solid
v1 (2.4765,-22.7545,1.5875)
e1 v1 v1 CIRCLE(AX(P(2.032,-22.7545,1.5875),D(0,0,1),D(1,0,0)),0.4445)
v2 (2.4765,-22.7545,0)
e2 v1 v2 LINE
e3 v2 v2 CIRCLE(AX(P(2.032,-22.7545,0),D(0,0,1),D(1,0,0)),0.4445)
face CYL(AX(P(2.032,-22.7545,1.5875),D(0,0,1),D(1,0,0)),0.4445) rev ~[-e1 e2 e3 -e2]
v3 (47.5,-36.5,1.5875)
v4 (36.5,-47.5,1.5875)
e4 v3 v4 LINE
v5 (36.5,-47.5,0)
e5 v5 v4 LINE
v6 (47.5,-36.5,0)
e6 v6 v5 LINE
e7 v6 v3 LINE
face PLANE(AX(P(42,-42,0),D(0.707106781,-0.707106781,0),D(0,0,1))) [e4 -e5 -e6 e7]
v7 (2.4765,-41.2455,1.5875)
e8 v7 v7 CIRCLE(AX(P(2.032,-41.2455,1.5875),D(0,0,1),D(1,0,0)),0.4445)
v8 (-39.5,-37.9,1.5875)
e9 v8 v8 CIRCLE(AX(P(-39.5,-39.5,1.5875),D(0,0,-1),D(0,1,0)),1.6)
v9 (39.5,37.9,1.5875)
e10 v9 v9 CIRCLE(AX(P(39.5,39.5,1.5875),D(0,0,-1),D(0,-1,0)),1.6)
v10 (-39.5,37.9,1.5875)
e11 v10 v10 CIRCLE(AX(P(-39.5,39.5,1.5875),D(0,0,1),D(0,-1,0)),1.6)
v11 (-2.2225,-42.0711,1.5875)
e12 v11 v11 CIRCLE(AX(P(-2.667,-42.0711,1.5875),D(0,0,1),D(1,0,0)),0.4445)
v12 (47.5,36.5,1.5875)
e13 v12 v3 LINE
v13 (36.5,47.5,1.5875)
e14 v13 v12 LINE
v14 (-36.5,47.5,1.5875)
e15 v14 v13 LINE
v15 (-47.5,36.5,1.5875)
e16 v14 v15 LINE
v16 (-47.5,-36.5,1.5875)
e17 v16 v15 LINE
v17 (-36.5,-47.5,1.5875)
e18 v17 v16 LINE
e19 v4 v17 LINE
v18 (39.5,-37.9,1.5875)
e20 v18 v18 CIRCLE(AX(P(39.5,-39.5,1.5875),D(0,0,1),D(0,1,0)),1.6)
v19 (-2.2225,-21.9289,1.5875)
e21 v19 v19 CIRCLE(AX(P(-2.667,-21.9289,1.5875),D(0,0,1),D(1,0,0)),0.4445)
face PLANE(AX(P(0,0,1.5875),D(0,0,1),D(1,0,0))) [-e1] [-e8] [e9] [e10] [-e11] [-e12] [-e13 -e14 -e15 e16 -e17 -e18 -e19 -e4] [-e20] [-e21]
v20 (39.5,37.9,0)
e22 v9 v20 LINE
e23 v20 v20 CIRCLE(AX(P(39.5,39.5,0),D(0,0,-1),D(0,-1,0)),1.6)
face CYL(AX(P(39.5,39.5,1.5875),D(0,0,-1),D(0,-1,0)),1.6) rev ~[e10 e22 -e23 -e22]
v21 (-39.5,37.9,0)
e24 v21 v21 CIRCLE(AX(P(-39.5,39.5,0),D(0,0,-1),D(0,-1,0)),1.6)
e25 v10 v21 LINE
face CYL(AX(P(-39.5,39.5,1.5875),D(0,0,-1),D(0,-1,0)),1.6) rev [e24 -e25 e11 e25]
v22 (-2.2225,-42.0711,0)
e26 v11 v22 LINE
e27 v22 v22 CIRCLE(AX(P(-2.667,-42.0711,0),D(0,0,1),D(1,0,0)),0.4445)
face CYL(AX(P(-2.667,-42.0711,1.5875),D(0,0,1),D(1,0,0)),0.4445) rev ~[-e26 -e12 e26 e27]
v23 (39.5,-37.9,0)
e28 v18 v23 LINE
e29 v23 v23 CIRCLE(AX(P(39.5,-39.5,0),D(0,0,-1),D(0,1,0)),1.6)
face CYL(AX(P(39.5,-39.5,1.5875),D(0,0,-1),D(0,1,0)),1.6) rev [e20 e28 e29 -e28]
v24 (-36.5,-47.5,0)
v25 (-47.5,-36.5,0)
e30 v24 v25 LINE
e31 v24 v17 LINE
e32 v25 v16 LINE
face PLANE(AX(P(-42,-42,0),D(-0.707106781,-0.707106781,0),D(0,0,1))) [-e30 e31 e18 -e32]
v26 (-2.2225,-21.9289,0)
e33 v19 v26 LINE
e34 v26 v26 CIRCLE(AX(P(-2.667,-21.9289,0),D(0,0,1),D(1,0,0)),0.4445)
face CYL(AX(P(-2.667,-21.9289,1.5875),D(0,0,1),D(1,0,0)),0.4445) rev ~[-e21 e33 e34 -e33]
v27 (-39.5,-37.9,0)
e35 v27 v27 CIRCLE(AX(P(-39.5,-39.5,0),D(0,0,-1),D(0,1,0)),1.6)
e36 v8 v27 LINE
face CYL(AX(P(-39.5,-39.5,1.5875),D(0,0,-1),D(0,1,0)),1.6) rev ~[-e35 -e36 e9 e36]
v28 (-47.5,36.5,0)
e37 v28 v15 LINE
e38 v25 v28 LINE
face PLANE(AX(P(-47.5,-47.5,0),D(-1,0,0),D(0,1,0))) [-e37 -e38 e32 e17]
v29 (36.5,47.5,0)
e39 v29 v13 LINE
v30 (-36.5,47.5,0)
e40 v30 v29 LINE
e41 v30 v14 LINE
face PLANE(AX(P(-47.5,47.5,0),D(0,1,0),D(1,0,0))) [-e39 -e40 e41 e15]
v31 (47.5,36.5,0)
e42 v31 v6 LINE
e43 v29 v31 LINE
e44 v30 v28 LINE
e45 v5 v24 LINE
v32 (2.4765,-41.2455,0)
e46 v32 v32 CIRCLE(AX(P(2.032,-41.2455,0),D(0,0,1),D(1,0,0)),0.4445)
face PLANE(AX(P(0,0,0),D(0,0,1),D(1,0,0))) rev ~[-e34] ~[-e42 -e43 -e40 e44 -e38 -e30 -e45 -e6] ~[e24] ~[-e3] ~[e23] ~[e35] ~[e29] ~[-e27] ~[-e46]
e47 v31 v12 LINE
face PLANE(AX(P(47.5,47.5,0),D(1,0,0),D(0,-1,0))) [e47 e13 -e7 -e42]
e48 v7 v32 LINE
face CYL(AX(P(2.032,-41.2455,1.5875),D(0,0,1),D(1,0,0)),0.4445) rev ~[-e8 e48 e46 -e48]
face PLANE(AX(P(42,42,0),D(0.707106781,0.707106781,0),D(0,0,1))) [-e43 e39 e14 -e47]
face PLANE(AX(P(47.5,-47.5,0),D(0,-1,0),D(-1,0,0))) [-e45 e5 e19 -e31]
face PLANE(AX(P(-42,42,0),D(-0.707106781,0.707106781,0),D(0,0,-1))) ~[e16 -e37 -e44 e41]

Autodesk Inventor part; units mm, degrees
sketch "AL_spacer_contact_Zminus" plane through (0, 0, 0) normal (0, 0, 1) x (1, 0, 0)
  circle A0 centre (39.5, 39.5) radius 3.175
  circle A1 centre (39.5, -39.5) radius 3.175
  circle A2 centre (-39.5, -39.5) radius 3.175
  circle A3 centre (-39.5, 39.5) radius 3.175
  point P0 (0, 0)
  dimension "d0" = 95
  dimension "d228" = 39.5
  dimension "d229" = 39.5
  dimension "d230" = 39.5
  dimension "d231" = 39.5
  dimension "d232" = 39.5
  dimension "d233" = 39.5
  dimension "d234" = 39.5
  dimension "d235" = 39.5
  dimension "d236" = 6.35
sketch "Delrin_stayout_Zminus" plane through (0, 0, 0) normal (0, 0, 1) x (1, 0, 0)
  line L0 (47.5, 39.5) -> (47.5, 31)
  line L1 (47.5, 31) -> (39.5, 31)
  line L2 (39.5, 31) -> (31, 39.5)
  line L3 (31, 39.5) -> (31, 47.5)
  line L4 (31, 47.5) -> (39.5, 47.5)
  line L5 (39.5, 47.5) -> (47.5, 39.5)
  line L6 (-39.5, 47.5) -> (-47.5, 39.5)
  line L7 (-47.5, 39.5) -> (-47.5, 31)
  line L8 (-47.5, 31) -> (-39.5, 31)
  line L9 (-39.5, 31) -> (-31, 39.5)
  line L10 (-31, 39.5) -> (-31, 47.5)
  line L11 (-31, 47.5) -> (-39.5, 47.5)
  line L12 (47.5, -39.5) -> (39.5, -47.5)
  line L13 (39.5, -47.5) -> (31, -47.5)
  line L14 (31, -47.5) -> (31, -39.5)
  line L15 (31, -39.5) -> (39.5, -31)
  line L16 (39.5, -31) -> (47.5, -31)
  line L17 (47.5, -31) -> (47.5, -39.5)
  line L18 (-39.5, -47.5) -> (-47.5, -39.5)
  line L19 (-47.5, -39.5) -> (-47.5, -31)
  line L20 (-47.5, -31) -> (-39.5, -31)
  line L21 (-39.5, -31) -> (-31, -39.5)
  line L22 (-31, -39.5) -> (-31, -47.5)
  line L23 (-31, -47.5) -> (-39.5, -47.5)
  point P0 (0, 0)
  dimension "d243" = 16.5
  dimension "d244" = 8
  dimension "d245" = 8.5
  dimension "d246" = 16.5
  dimension "d247" = 47.5
  dimension "d248" = 47.5
  dimension "d249" = 47.5
  dimension "d250" = 47.5
  dimension "d251" = 47.5
  dimension "d252" = 47.5
  dimension "d253" = 47.5
  dimension "d254" = 47.5
sketch "Nub_stayout_Zminus" plane through (0, 0, 0) normal (0, 0, 1) x (1, 0, 0)
  line L0 (29, 47.5) -> (39.5, 47.5)
  line L1 (39.5, 47.5) -> (47.5, 39.5)
  line L2 (47.5, 39.5) -> (47.5, 29)
  line L3 (47.5, 29) -> (42, 29)
  line L4 (42, 29) -> (42, 40.4125)
  line L5 (40.4125, 42) -> (29, 42)
  line L6 (29, 42) -> (29, 47.5)
  arc A0 (42, 40.4125) -> (40.4125, 42) centre (40.4125, 40.4125) ccw
  line L7 (-29, 47.5) -> (-39.5, 47.5)
  line L8 (-39.5, 47.5) -> (-47.5, 39.5)
  line L9 (-47.5, 39.5) -> (-47.5, 29)
  line L10 (-47.5, 29) -> (-42, 29)
  line L11 (-42, 29) -> (-42, 40.4125)
  line L12 (-40.4125, 42) -> (-29, 42)
  line L13 (-29, 42) -> (-29, 47.5)
  arc A1 (-40.4125, 42) -> (-42, 40.4125) centre (-40.4125, 40.4125) ccw
  line L14 (-47.5, -29) -> (-42, -29)
  line L15 (-42, -29) -> (-42, -40.4125)
  line L16 (-40.4125, -42) -> (-29, -42)
  line L17 (-29, -42) -> (-29, -47.5)
  line L18 (-29, -47.5) -> (-39.5, -47.5)
  line L19 (-39.5, -47.5) -> (-47.5, -39.5)
  line L20 (-47.5, -39.5) -> (-47.5, -29)
  arc A2 (-42, -40.4125) -> (-40.4125, -42) centre (-40.4125, -40.4125) ccw
  line L21 (47.5, -29) -> (42, -29)
  line L22 (42, -29) -> (42, -40.4125)
  line L23 (40.4125, -42) -> (29, -42)
  line L24 (29, -42) -> (29, -47.5)
  line L25 (29, -47.5) -> (39.5, -47.5)
  line L26 (39.5, -47.5) -> (47.5, -39.5)
  line L27 (47.5, -39.5) -> (47.5, -29)
  arc A3 (40.4125, -42) -> (42, -40.4125) centre (40.4125, -40.4125) ccw
  point P0 (0, 0)
  dimension "d0" = 95
  dimension "d255" = 1.5875
  dimension "d256" = 18.5
  dimension "d257" = 8
  dimension "d258" = 5.5
  dimension "d259" = 47.5
  dimension "d260" = 47.5
  dimension "d264" = 1.5875
  dimension "d265" = 47.5
  dimension "d266" = 47.5
  dimension "d267" = 1.5875
  dimension "d268" = 47.5
  dimension "d269" = 47.5
  dimension "d270" = 1.5875
  dimension "d271" = 47.5
  dimension "d272" = 47.5
ref_plane "Zplus_face" through (0, 0, 1.5875) normal (0, 0, 1) x (1, 0, 0)
sketch "AL_spacer_contact_Zplus" plane through (0, 0, 1.5875) normal (0, 0, 1) x (1, 0, 0)
  circle A0 centre (-39.5, 39.5) radius 3.175
  circle A1 centre (-39.5, -39.5) radius 3.175
  circle A2 centre (39.5, -39.5) radius 3.175
  circle A3 centre (39.5, 39.5) radius 3.175
  point P0 (0, 0)
  dimension "d0" = 95
  dimension "d129" = 39.5
  dimension "d130" = 39.5
  dimension "d131" = 39.5
  dimension "d132" = 39.5
  dimension "d133" = 6.35
sketch "Delrin_stayout_Zplus" plane through (0, 0, 1.5875) normal (0, 0, 1) x (1, 0, 0)
  line L0 (47.5, -31) -> (47.5, -39.5)
  line L1 (47.5, -39.5) -> (39.5, -47.5)
  line L2 (39.5, -47.5) -> (31, -47.5)
  line L3 (31, -47.5) -> (31, -39.5)
  line L4 (31, -39.5) -> (39.5, -31)
  line L5 (39.5, -31) -> (47.5, -31)
  line L6 (47.5, 31) -> (47.5, 39.5)
  line L7 (47.5, 39.5) -> (39.5, 47.5)
  line L8 (39.5, 47.5) -> (31, 47.5)
  line L9 (31, 47.5) -> (31, 39.5)
  line L10 (31, 39.5) -> (39.5, 31)
  line L11 (39.5, 31) -> (47.5, 31)
  line L12 (-39.5, 47.5) -> (-47.5, 39.5)
  line L13 (-47.5, 39.5) -> (-47.5, 31)
  line L14 (-47.5, 31) -> (-39.5, 31)
  line L15 (-39.5, 31) -> (-31, 39.5)
  line L16 (-31, 39.5) -> (-31, 47.5)
  line L17 (-31, 47.5) -> (-39.5, 47.5)
  line L18 (-47.5, -39.5) -> (-39.5, -47.5)
  line L19 (-39.5, -47.5) -> (-31, -47.5)
  line L20 (-31, -47.5) -> (-31, -39.5)
  line L21 (-31, -39.5) -> (-39.5, -31)
  line L22 (-39.5, -31) -> (-47.5, -31)
  line L23 (-47.5, -31) -> (-47.5, -39.5)
  point P0 (0, 0)
  dimension "d115" = 16.5
  dimension "d116" = 16.5
  dimension "d117" = 8
  dimension "d118" = 8.5
  dimension "d121" = 47.5
  dimension "d122" = 47.5
  dimension "d123" = 47.5
  dimension "d124" = 47.5
  dimension "d125" = 47.5
  dimension "d126" = 47.5
  dimension "d127" = 47.5
  dimension "d128" = 47.5
sketch "Nub_stayout_Zplus" plane through (0, 0, 1.5875) normal (0, 0, 1) x (1, 0, 0)
  line L0 (47.5, 29) -> (42, 29)
  line L1 (42, 29) -> (42, 40.4125)
  line L2 (40.4125, 42) -> (29, 42)
  line L3 (29, 42) -> (29, 47.5)
  arc A0 (42, 40.4125) -> (40.4125, 42) centre (40.4125, 40.4125) ccw
  line L4 (29, 47.5) -> (39.5, 47.5)
  line L5 (39.5, 47.5) -> (47.5, 39.5)
  line L6 (47.5, 39.5) -> (47.5, 29)
  line L7 (-39.5, 47.5) -> (-29, 47.5)
  line L8 (-29, 47.5) -> (-29, 42)
  line L9 (-29, 42) -> (-40.4125, 42)
  line L10 (-42, 40.4125) -> (-42, 29)
  line L11 (-42, 29) -> (-47.5, 29)
  line L12 (-47.5, 29) -> (-47.5, 39.5)
  line L13 (-47.5, 39.5) -> (-39.5, 47.5)
  arc A1 (-40.4125, 42) -> (-42, 40.4125) centre (-40.4125, 40.4125) ccw
  line L14 (-47.5, -29) -> (-47.5, -39.5)
  line L15 (-47.5, -39.5) -> (-39.5, -47.5)
  line L16 (-39.5, -47.5) -> (-29, -47.5)
  line L17 (-29, -47.5) -> (-29, -42)
  line L18 (-29, -42) -> (-40.4125, -42)
  line L19 (-42, -40.4125) -> (-42, -29)
  line L20 (-42, -29) -> (-47.5, -29)
  arc A2 (-42, -40.4125) -> (-40.4125, -42) centre (-40.4125, -40.4125) ccw
  line L21 (29, -47.5) -> (39.5, -47.5)
  line L22 (39.5, -47.5) -> (47.5, -39.5)
  line L23 (47.5, -39.5) -> (47.5, -29)
  line L24 (47.5, -29) -> (42, -29)
  line L25 (42, -29) -> (42, -40.4125)
  line L26 (40.4125, -42) -> (29, -42)
  line L27 (29, -42) -> (29, -47.5)
  arc A3 (40.4125, -42) -> (42, -40.4125) centre (40.4125, -40.4125) ccw
  point P0 (0, 0)
  dimension "d0" = 95
  dimension "d146" = 1.5875
  dimension "d147" = 5.5
  dimension "d149" = 18.5
  dimension "d150" = 8
  dimension "d151" = 47.5
  dimension "d152" = 47.5
  dimension "d153" = 1.5875
  dimension "d154" = 47.5
  dimension "d155" = 47.5
  dimension "d156" = 1.5875
  dimension "d157" = 47.5
  dimension "d158" = 47.5
  dimension "d159" = 1.5875
  dimension "d160" = 47.5
  dimension "d161" = 47.5
sketch "Sketch1" plane through (0, 0, 0) normal (0, 0, 1) x (1, 0, 0)
  line L0 (-47.5, 47.5) -> (47.5, 47.5)
  line L1 (47.5, 47.5) -> (47.5, -47.5)
  line L2 (47.5, -47.5) -> (-47.5, -47.5)
  line L3 (-47.5, -47.5) -> (-47.5, 47.5)
  point P0 (0, 0)
  dimension "d0" = 95
  dimension "d1" = 95
  dimension "d2" = 47.5
  dimension "d3" = 47.5
extrude "Extrusion1" add sketch "Sketch1" along normal blind 1.5875
chamfer "Chamfer2" distance 11 angle 45 4 edges at (-47.5, -47.5, 0.7937) (47.5, -47.5, 0.7937) (47.5, 47.5, 0.7937) (-47.5, 47.5, 0.7937)
ref_plane "Work Plane_ConnX" through (-32, 0, 0) normal (1, 0, 0) x (0, 1, 0)
ref_plane "Work Plane_ConnY" through (0, 0, 0) normal (0, 1, 0) x (-1, 0, 0)
sketch "Sketch9" plane through (0, 0, 1.5875) normal (0, 0, 1) x (1, 0, 0)
  line L0 (47.5, 47.5) -> (47.5, -47.5) projected
  line L1 (58.5598, -32) -> (-58.5598, -32)
  circle A0 centre (-2.667, -21.9289) radius 0.4445
  circle A1 centre (-2.667, -42.0711) radius 0.4445
  line L2 (0, 26.5598) -> (0, -90.5598) construction
  point P0 (0, 0)
  point P1 (0, -32)
  dimension "d134" = 20.1422
  dimension "d136" = 2.667
  dimension "d138" = 0.889
  dimension "d141" = 180
  dimension "d350" = 32
  dimension "d351" = 0
extrude "Holes_Conn_Zminus" cut sketch "Sketch9" against normal through all
sketch "Sketch22" plane through (0, 0, 1.5875) normal (0, 0, 1) x (1, 0, 0)
  line L0 (47.5, 36.5) -> (47.5, -36.5) projected
  line L1 (0, -1.0026) -> (0, -62.9974) construction
  line L2 (62.8115, -32) -> (-62.8115, -32)
  circle A0 centre (2.032, -22.7545) radius 0.4445
  circle A1 centre (2.032, -41.2455) radius 0.4445
  point P0 (0, 0)
  point P1 (0, -32)
  dimension "d282" = 180
  dimension "d283" = 18.491
  dimension "d284" = 0.889
  dimension "d285" = 2.032
  dimension "d352" = 32
  dimension "d353" = 0
extrude "Holes_Conn_Zplus" cut sketch "Sketch22" against normal through all
hole "Hole5" at (39.5, 39.5, 1.5875) direction (0, 0, -1) diameter 3.2 end through all
mirror "Mirror5" about plane through (0, 0, 0) normal (1, 0, 0) of "Hole5"
mirror "Mirror6" about plane through (0, 0, 0) normal (0, 1, 0) of "Hole5", "Mirror5"
sketch "Sketch25" plane through (0, 0, 1.5875) normal (0, 0, 1) x (1, 0, 0)
  circle A0 centre (-39.5, -39.5) radius 1.6 projected
  circle A1 centre (39.5, -39.5) radius 1.6 projected
  circle A2 centre (-39.5, 39.5) radius 1.6 projected
  circle A3 centre (39.5, 39.5) radius 1.6 projected
  line L0 (36.5, -47.5) -> (-36.5, -47.5) projected
  line L1 (0, 0) -> (0, -59.2198)
  line L2 (8, -47.5) -> (8, -15.5)
  line L3 (8, -15.5) -> (-8, -15.5)
  line L4 (-8, -15.5) -> (-8, -47.5)
  line L5 (-8, -47.5) -> (-62.7516, -61.7336)
  line L6 (-62.7516, -61.7336) -> (-64.2933, 68.2222)
  line L7 (-64.2933, 68.2222) -> (58.3572, 62.5728)
  line L8 (58.3572, 62.5728) -> (56.5848, -69.017)
  line L9 (56.5848, -69.017) -> (8, -47.5)
  dimension "d362" = 16
  dimension "d363" = 32
extrude "Extrusion9" [suppressed]
sketch "Sketch28" plane through (0, 0, 1.5875) normal (0, 0, 1) x (1, 0, 0)
  line L0 (-47.5, -36.5) -> (-47.5, 36.5) projected
  line L1 (36.5, -47.5) -> (-36.5, -47.5) projected
  line L2 (47.5, 36.5) -> (47.5, -36.5) projected
  line L3 (-36.5, 47.5) -> (36.5, 47.5) projected
  line L4 (-47.5, 47.5) -> (47.5, 47.5) construction
  line L5 (47.5, 47.5) -> (47.5, -47.5) construction
  line L6 (47.5, -47.5) -> (-47.5, -47.5) construction
  line L7 (-47.5, -47.5) -> (-47.5, 47.5) construction
  point P0 (0, 0)
decal "Decal3"
sketch "Sketch29" plane through (0, 0, 0) normal (0, 0, -1) x (-1, 0, 0)
  line L0 (36.5, 47.5) -> (-36.5, 47.5) projected
  line L1 (-47.5, 36.5) -> (-47.5, -36.5) projected
  line L2 (-36.5, -47.5) -> (36.5, -47.5) projected
  line L3 (47.5, -36.5) -> (47.5, 36.5) projected
  line L4 (-47.4699, 47.5301) -> (47.5, 47.5) construction
  line L5 (47.5, 47.5) -> (47.4699, -47.5301) construction
  line L6 (47.4699, -47.5301) -> (-47.5, -47.5) construction
  line L7 (-47.5, -47.5) -> (-47.4699, 47.5301) construction
  point P0 (0, 0)
decal "Decal4"
properties part number "PCB_LEPF" material "FR4"
